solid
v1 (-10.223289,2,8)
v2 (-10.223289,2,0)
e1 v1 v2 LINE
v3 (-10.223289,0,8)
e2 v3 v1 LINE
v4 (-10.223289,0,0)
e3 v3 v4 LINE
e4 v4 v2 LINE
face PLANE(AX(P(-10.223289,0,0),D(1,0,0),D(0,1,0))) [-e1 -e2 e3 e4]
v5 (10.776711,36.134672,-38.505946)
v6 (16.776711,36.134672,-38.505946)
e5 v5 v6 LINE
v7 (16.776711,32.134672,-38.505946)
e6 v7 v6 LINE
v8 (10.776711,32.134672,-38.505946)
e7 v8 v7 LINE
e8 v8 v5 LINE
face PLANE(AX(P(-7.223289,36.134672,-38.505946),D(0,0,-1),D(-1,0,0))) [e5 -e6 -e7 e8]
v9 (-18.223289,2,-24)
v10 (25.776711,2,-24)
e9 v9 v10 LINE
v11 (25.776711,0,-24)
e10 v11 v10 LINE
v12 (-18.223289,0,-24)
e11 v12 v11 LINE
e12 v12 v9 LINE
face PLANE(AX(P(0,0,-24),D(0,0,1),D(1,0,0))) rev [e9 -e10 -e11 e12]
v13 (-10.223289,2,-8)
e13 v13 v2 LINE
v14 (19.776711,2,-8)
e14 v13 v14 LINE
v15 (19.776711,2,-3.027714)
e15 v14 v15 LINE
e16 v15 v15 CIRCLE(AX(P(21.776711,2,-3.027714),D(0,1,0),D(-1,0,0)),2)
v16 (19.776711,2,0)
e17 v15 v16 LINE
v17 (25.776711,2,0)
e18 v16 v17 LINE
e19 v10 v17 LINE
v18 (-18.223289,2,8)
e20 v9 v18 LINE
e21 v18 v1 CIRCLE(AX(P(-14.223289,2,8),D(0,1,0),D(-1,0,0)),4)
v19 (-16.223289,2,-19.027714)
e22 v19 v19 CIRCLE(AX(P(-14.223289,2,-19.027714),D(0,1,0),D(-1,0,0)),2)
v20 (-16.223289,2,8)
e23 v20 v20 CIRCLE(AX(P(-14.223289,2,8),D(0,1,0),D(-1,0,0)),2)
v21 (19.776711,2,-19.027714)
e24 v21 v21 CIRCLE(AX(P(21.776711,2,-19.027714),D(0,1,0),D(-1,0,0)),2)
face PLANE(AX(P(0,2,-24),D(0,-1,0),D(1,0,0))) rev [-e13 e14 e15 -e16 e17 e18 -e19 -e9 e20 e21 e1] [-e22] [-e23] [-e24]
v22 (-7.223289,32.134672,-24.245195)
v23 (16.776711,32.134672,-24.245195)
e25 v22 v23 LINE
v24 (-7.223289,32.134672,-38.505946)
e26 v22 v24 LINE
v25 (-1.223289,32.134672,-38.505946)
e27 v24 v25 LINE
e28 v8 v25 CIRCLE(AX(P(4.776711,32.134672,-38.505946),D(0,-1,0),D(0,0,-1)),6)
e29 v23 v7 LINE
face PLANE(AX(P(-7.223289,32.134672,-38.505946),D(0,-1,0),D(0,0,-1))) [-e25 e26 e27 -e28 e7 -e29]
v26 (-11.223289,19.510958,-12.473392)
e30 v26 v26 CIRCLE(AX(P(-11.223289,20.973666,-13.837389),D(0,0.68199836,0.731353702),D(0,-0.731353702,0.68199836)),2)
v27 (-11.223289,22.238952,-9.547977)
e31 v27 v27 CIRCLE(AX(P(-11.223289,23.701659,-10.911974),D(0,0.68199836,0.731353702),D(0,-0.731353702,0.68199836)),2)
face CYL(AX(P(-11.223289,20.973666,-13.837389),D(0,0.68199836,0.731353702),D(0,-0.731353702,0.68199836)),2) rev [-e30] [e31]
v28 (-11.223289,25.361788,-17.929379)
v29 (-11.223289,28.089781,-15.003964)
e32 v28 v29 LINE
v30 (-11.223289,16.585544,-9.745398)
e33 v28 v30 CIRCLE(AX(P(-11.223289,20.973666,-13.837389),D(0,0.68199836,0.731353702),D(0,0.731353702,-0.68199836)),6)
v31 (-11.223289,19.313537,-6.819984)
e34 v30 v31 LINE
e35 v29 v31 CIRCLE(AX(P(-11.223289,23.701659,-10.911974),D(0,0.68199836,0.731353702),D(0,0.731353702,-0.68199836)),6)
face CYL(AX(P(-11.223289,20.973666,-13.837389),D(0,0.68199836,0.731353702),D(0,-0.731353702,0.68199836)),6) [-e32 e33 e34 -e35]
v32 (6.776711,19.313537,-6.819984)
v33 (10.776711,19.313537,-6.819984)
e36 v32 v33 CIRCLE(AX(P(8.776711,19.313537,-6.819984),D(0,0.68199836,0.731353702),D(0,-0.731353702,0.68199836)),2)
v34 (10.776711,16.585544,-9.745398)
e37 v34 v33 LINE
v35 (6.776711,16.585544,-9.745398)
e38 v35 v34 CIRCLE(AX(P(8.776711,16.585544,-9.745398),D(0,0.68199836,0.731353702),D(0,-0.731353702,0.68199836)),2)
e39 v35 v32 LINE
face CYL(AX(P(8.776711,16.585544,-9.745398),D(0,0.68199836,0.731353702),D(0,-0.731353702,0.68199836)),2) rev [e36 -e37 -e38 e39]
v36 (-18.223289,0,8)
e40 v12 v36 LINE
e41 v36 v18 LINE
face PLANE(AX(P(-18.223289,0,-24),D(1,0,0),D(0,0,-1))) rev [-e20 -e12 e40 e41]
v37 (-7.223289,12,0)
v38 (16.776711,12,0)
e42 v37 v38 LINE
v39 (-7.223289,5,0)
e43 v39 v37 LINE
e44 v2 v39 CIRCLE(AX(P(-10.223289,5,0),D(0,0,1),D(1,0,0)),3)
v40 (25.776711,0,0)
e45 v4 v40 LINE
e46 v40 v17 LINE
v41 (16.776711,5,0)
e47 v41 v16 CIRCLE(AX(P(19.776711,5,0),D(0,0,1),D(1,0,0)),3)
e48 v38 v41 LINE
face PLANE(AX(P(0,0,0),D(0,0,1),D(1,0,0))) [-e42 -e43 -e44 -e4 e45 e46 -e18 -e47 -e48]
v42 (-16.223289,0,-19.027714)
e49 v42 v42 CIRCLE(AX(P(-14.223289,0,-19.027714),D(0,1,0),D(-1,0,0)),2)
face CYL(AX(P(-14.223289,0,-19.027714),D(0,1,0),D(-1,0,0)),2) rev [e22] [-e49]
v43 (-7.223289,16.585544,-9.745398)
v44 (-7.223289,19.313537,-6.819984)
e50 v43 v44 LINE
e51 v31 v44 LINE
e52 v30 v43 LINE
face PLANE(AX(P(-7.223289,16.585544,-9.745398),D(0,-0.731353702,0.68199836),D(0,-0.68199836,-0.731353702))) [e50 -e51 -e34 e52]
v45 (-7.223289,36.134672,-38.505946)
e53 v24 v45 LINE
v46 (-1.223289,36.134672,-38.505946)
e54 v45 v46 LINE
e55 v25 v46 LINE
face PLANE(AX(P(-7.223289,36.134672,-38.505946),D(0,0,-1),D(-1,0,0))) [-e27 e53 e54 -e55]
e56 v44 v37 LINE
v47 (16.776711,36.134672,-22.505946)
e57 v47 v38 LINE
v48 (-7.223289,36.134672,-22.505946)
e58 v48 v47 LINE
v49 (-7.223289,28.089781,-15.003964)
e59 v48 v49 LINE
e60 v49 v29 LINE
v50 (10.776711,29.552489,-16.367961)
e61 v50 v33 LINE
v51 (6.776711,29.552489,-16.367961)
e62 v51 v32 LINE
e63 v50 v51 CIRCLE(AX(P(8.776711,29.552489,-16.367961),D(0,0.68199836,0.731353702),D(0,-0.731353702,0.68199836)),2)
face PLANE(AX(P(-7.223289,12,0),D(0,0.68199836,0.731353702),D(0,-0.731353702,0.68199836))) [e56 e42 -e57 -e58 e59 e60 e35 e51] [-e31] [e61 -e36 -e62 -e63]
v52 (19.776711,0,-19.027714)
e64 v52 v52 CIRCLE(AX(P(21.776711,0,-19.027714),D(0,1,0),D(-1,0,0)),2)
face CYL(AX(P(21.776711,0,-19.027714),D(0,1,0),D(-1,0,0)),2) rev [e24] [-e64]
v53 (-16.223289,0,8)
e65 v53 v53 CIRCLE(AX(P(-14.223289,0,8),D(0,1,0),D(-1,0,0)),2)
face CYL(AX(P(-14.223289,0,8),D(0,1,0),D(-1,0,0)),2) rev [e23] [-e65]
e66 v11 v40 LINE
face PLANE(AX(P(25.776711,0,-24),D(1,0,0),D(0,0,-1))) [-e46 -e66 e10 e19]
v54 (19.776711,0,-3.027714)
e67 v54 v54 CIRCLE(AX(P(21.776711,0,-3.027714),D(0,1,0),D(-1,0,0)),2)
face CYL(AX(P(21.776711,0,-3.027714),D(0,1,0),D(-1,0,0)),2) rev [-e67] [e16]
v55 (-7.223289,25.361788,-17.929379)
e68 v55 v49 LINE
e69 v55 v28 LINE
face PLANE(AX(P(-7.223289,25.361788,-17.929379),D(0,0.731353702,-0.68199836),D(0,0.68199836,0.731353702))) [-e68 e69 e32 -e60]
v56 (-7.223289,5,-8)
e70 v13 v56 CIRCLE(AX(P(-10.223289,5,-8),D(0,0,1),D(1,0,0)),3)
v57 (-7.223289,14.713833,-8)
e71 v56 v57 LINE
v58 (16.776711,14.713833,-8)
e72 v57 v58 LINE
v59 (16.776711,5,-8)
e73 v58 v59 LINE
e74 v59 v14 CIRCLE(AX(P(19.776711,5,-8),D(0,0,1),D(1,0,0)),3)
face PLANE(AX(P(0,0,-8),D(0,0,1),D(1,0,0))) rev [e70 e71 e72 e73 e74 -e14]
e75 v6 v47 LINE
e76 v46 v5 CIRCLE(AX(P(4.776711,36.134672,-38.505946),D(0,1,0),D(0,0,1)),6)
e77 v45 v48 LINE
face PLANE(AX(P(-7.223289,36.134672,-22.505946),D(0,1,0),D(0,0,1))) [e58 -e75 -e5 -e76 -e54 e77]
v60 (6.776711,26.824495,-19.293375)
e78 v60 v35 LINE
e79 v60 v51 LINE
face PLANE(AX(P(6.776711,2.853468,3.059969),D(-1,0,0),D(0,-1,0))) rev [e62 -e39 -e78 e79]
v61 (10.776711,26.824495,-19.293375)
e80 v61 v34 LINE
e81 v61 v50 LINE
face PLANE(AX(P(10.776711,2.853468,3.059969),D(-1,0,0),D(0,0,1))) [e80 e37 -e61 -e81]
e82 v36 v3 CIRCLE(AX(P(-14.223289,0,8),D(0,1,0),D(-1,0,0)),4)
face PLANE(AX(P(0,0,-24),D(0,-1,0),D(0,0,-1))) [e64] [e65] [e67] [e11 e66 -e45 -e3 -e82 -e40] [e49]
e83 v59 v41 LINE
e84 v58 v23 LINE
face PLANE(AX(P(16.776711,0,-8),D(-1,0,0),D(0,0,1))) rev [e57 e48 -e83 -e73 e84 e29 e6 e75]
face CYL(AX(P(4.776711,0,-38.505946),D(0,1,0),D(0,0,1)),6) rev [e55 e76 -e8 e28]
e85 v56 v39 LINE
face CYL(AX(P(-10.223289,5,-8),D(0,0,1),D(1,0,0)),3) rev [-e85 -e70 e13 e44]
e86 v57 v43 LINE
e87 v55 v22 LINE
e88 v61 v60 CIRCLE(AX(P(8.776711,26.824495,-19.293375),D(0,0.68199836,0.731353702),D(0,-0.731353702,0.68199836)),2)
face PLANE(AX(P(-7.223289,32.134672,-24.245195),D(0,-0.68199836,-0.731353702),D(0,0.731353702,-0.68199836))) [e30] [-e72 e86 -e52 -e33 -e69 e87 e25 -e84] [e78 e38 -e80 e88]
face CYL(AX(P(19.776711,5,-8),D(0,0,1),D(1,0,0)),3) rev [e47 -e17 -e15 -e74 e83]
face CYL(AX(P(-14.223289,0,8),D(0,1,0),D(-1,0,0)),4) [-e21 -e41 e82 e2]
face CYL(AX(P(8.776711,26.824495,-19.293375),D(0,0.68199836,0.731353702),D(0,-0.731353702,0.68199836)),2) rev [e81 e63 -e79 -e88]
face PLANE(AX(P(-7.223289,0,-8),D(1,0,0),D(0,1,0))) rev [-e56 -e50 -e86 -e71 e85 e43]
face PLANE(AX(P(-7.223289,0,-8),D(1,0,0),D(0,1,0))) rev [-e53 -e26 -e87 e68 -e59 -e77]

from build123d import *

# Parameters (mm, degrees)
BOSS_EXTRUDE1_DEPTH = 24
BOSS_EXTRUDE2_DEPTH = 8
SKETCH2_R           = 2
BOSS_EXTRUDE3_DEPTH = 2
SKETCH3_R           = 2
CUT_EXTRUDE1_DEPTH  = 37.612003683
BOSS_EXTRUDE4_DEPTH = 24
SKETCH6_R           = 2
BOSS_EXTRUDE5_DEPTH = 4
CUT_EXTRUDE2_DEPTH  = 4
CUT_EXTRUDE4_DEPTH  = 59.761051842


with BuildPart() as part:
    # Sketch1 → Boss-Extrude1 (new body)
    with BuildSketch(Plane.XY):
        Polygon((-18.223289316, 0), (-16.691476591, 0), (25.776710684, 0), (25.776710684, 2), (19.776710684, 2), (16.776710684, 2), (-7.223289316, 2), (-10.223289316, 2), (-18.223289316, 2), align=None)
    extrude(amount=-BOSS_EXTRUDE1_DEPTH)

    # Sketch1<4> → Boss-Extrude2 (add)
    with BuildSketch(Plane.XY):
        with BuildLine():
            Line((16.776710684, 2), (19.776710684, 2))
            ThreePointArc((19.776710684, 2), (17.655390341, 2.878679656), (16.776710684, 5))
            Line((16.776710684, 5), (16.776710684, 12))
            Line((16.776710684, 12), (-7.223289316, 12))
            Line((-7.223289316, 12), (-7.223289316, 5))
            ThreePointArc((-7.223289316, 5), (-8.101968972, 2.878679656), (-10.223289316, 2))
            Line((-10.223289316, 2), (-7.223289316, 2))
            Line((-7.223289316, 2), (16.776710684, 2))
        make_face()
    extrude(amount=-BOSS_EXTRUDE2_DEPTH)

    # Sketch2 → Boss-Extrude3 (add)
    with BuildSketch(Plane(origin=(0, 2, 0), x_dir=(1, 0, 0), z_dir=(0, 1, 0))):
        with BuildLine():
            Line((-18.223289316, 0), (-10.223289316, 0))
            Line((-10.223289316, 0), (-10.223289316, -8))
            ThreePointArc((-10.223289316, -8), (-14.223289316, -12), (-18.223289316, -8))
            Line((-18.223289316, -8), (-18.223289316, 0))
        make_face()
        with Locations((-14.223289316, -8)):
            Circle(SKETCH2_R, mode=Mode.SUBTRACT)
    extrude(amount=-BOSS_EXTRUDE3_DEPTH)

    # Sketch3 → Cut-Extrude1 (cut, through all)
    with BuildSketch(Plane(origin=(0, 2, 0), x_dir=(1, 0, 0), z_dir=(0, 1, 0))):
        with Locations((21.776710684, 3.027714233)):
            Circle(SKETCH3_R)
        with Locations((21.776710684, 19.027714233)):
            Circle(SKETCH3_R)
        with Locations((-14.223289316, 19.027714233)):
            Circle(SKETCH3_R)
    extrude(amount=-CUT_EXTRUDE1_DEPTH, mode=Mode.SUBTRACT)

    # Sketch5 → Boss-Extrude4 (add)
    with BuildSketch(Plane(origin=(16.776710684, 0, 0), x_dir=(0, 0, -1), z_dir=(1, 0, 0))):
        Polygon((8, 12), (0, 12), (22.505945882, 36.134672153), (38.505945882, 36.134672153), (38.505945882, 32.134672153), (24.245195382, 32.134672153), (19.201196493, 26.725645572), (8, 14.713832938), align=None)
    extrude(amount=-BOSS_EXTRUDE4_DEPTH)

    # Sketch6 → Boss-Extrude5 (add)
    # profile 1 of 2: a face of its own
    with BuildSketch(Plane(origin=(0, 5.581461158, 5.985384302), x_dir=(1, 0, 0), z_dir=(0, 0.6819983600624966, 0.7313537016191722))):
        with BuildLine():
            Line((-7.223289316, 18.776244419), (-11.223289316, 18.776244419))
            ThreePointArc((-11.223289316, 18.776244419), (-17.223289316, 24.776244419), (-11.223289316, 30.776244419))
            Line((-11.223289316, 30.776244419), (-7.223289316, 30.776244419))
            Line((-7.223289316, 30.776244419), (-7.223289316, 18.776244419))
        make_face()
        with Locations((-11.223289316, 24.776244419)):
            Circle(SKETCH6_R, mode=Mode.SUBTRACT)
    # profile 2 of 2: a face of its own
    with BuildSketch(Plane(origin=(0, 5.581461158, 5.985384302), x_dir=(1, 0, 0), z_dir=(0, 0.6819983600624966, 0.7313537016191722))):
        with BuildLine():
            Line((10.776710684, 32.776244419), (10.776710684, 18.776244419))
            ThreePointArc((10.776710684, 18.776244419), (8.776710684, 16.776244419), (6.776710684, 18.776244419))
            Line((6.776710684, 18.776244419), (6.776710684, 32.776244419))
            ThreePointArc((6.776710684, 32.776244419), (8.776710684, 34.776244419), (10.776710684, 32.776244419))
        make_face()
    extrude(amount=-BOSS_EXTRUDE5_DEPTH)

    # Sketch6<5> → Cut-Extrude2 (cut)
    with BuildSketch(Plane(origin=(0, 5.581461158, 5.985384302), x_dir=(1, 0, 0), z_dir=(0, 0.6819983600624966, 0.7313537016191722))):
        with BuildLine():
            Line((10.776710684, 18.776244419), (10.776710684, 32.776244419))
            ThreePointArc((10.776710684, 32.776244419), (8.776710684, 34.776244419), (6.776710684, 32.776244419))
            Line((6.776710684, 32.776244419), (6.776710684, 18.776244419))
            ThreePointArc((6.776710684, 18.776244419), (8.776710684, 16.776244419), (10.776710684, 18.776244419))
        make_face()
    extrude(amount=-CUT_EXTRUDE2_DEPTH, mode=Mode.SUBTRACT)

    # Sketch7 → Cut-Extrude4 (cut, through all)
    with BuildSketch(Plane(origin=(0, 36.134672153, 0), x_dir=(1, 0, 0), z_dir=(0, 1, 0))):
        with BuildLine():
            Line((-1.223289316, 38.505945882), (10.776710684, 38.505945882))
            ThreePointArc((10.776710684, 38.505945882), (4.776710684, 32.505945882), (-1.223289316, 38.505945882))
        make_face()
    extrude(amount=-CUT_EXTRUDE4_DEPTH, mode=Mode.SUBTRACT)


solid = part.part
